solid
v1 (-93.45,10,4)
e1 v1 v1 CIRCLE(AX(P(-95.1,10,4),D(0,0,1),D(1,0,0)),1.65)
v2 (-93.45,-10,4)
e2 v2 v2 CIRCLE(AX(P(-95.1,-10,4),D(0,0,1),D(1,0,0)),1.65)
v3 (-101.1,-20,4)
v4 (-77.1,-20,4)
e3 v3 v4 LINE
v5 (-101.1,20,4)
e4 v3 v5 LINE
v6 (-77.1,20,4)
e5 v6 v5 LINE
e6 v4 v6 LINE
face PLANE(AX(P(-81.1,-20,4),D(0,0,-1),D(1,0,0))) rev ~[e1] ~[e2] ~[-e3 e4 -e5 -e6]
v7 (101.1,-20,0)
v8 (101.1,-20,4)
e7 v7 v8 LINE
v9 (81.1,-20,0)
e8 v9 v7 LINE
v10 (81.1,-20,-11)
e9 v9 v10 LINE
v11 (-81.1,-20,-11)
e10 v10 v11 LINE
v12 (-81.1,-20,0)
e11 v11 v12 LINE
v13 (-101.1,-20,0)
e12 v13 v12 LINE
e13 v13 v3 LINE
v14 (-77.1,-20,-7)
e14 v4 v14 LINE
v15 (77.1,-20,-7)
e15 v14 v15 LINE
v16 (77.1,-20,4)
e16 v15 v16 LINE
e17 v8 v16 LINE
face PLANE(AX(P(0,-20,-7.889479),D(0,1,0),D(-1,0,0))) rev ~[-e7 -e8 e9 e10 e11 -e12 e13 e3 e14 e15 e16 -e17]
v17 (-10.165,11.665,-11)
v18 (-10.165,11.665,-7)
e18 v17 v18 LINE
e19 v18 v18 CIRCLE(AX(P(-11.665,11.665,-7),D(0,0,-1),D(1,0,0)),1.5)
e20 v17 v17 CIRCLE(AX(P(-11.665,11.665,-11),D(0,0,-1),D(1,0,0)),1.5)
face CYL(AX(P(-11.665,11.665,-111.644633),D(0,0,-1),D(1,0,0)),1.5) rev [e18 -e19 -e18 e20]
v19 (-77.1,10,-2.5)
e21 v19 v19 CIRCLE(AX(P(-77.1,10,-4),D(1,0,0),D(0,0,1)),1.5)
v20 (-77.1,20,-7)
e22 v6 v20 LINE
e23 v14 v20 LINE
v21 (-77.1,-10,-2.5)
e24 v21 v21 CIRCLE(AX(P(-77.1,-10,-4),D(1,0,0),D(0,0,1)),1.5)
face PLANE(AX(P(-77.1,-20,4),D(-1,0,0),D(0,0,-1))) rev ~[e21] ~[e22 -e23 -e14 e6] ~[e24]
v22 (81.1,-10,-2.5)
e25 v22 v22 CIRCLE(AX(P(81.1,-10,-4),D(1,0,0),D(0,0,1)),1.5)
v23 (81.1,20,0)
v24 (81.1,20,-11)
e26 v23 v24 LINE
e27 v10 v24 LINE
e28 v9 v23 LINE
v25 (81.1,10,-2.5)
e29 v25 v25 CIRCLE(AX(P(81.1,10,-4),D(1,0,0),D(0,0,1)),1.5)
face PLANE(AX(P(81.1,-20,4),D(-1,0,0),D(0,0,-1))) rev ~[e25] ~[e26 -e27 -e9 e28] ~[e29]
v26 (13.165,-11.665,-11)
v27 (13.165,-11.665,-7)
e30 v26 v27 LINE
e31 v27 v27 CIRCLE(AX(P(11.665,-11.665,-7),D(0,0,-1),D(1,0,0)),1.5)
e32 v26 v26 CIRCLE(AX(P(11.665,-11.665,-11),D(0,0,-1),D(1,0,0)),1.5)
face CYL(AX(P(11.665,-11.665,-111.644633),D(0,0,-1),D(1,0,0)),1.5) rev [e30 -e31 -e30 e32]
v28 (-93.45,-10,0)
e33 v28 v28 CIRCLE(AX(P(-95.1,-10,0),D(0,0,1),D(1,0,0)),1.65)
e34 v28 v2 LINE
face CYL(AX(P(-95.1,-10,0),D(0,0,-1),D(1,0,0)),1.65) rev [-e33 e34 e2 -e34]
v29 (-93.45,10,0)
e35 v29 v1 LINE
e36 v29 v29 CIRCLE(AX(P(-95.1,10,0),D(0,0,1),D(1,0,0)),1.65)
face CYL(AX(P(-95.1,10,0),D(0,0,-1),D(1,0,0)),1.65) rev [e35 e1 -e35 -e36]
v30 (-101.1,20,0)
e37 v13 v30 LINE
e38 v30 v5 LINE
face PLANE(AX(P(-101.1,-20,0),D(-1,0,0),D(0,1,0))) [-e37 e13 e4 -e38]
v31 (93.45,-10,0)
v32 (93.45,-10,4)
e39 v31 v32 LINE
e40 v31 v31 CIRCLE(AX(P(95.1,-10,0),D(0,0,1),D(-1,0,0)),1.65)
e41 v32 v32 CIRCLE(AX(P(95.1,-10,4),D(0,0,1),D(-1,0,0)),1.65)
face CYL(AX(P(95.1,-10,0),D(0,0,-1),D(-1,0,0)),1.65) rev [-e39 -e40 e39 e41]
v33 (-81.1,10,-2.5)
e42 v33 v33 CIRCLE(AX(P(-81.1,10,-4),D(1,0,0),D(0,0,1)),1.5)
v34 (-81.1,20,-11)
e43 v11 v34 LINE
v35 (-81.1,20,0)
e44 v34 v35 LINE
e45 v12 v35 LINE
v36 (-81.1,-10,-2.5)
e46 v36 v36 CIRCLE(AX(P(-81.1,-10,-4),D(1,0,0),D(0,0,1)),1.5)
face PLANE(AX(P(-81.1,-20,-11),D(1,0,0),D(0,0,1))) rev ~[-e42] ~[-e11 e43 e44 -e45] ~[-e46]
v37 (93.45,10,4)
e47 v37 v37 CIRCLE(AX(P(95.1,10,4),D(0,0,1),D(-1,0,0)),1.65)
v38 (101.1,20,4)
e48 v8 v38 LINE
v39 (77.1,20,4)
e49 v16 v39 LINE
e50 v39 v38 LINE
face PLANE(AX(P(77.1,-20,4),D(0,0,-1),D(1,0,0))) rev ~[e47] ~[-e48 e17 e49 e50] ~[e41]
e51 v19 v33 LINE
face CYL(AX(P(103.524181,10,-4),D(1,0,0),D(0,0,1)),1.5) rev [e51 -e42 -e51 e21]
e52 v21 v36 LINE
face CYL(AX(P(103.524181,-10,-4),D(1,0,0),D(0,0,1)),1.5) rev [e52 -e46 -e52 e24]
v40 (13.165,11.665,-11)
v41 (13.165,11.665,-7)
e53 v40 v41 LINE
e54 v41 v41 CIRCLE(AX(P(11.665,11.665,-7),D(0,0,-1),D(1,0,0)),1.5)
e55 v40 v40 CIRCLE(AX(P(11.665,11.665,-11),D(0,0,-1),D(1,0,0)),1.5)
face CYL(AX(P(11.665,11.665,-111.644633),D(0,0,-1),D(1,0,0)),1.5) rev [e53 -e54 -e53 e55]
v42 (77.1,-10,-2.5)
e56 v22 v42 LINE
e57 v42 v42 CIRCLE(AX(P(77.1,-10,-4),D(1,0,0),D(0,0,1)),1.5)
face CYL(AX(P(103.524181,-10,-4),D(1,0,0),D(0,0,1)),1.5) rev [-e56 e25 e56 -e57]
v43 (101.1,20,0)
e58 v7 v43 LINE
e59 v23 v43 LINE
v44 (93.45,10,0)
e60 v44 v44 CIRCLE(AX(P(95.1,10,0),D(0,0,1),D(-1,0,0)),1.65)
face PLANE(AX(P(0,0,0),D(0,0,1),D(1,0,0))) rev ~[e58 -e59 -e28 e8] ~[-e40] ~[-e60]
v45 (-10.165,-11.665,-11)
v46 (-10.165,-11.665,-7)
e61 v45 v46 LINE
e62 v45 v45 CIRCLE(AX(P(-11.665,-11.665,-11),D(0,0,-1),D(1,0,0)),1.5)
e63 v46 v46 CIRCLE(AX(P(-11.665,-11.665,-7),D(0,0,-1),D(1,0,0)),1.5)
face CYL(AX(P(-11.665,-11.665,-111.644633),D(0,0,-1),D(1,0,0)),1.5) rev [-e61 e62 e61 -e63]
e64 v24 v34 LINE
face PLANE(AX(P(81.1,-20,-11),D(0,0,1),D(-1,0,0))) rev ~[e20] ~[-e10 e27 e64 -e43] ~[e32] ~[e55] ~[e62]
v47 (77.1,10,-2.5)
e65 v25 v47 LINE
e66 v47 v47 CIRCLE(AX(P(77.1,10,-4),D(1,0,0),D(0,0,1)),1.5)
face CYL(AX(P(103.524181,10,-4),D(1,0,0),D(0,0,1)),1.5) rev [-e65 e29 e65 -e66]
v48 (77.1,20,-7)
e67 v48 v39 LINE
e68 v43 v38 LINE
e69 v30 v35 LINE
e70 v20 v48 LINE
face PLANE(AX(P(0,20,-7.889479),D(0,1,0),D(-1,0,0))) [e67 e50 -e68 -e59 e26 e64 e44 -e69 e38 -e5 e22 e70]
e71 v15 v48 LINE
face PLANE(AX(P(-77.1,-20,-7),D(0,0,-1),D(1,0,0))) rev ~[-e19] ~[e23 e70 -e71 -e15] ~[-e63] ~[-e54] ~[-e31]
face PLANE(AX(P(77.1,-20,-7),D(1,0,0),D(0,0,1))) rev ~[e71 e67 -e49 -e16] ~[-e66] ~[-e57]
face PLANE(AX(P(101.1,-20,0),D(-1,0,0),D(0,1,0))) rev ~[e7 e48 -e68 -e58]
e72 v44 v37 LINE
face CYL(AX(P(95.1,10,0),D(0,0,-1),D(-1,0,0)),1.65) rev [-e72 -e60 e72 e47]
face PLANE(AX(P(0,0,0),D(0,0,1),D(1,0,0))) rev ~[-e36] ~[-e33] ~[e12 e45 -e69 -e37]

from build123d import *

# Parameters (mm, degrees)
SKETCH1_W               = 202.2
SKETCH1_H               = 40
SKETCH1_R               = 1.65
BOSS_EXTRUDE1_DEPTH     = 4
SKETCH2_W               = 162.2
SKETCH2_H               = 40
CUT_EXTRUDE1_DEPTH      = 4
BOSS_EXTRUDE3_DEPTH     = 40
CUT_EXTRUDE2_DEPTH      = 184.624181414
CUT_EXTRUDE2_DEPTH_BACK = 184.624181414
SKETCH4_R               = 1.5
CUT_EXTRUDE3_DEPTH      = 104.644633243
CUT_EXTRUDE3_DEPTH_BACK = 104.644633243
SKETCH5_R               = 1.5


with BuildPart() as part:
    # Sketch1 → Boss-Extrude1 (new body)
    with BuildSketch(Plane.XY):
        Rectangle(SKETCH1_W, SKETCH1_H)
        with Locations((-95.1, 10)):
            Circle(SKETCH1_R, mode=Mode.SUBTRACT)
        with Locations((-95.1, -10)):
            Circle(SKETCH1_R, mode=Mode.SUBTRACT)
        with Locations(Location((95.1, -10, 0), (0, 0, 180))):
            Circle(SKETCH1_R, mode=Mode.SUBTRACT)
        with Locations(Location((95.1, 10, 0), (0, 0, 180))):
            Circle(SKETCH1_R, mode=Mode.SUBTRACT)
    extrude(amount=BOSS_EXTRUDE1_DEPTH)

    # Sketch2 → Cut-Extrude1 (cut)
    with BuildSketch(Plane.XY.offset(4)):
        Rectangle(SKETCH2_W, SKETCH2_H)
    extrude(amount=-CUT_EXTRUDE1_DEPTH, mode=Mode.SUBTRACT)


with BuildPart() as cut_extrude1_piece_1:
    # of the separate pieces the step leaves, piece 1, a body of its own (cut_extrude1_pieces)
    add(part.part.solids().sort_by_distance((-101.1, 20, 0))[0])



with BuildPart() as cut_extrude1_piece_2:
    # of the separate pieces the step leaves, piece 2, a body of its own (cut_extrude1_pieces)
    add(part.part.solids().sort_by_distance((81.1, 20, 0))[0])


with BuildPart() as cut_extrude1_piece_1_1:
    add(cut_extrude1_piece_1.part)

    add(cut_extrude1_piece_2.part)  # Boss-Extrude3 merges Cut-Extrude1 piece 2
    # Sketch3 → Boss-Extrude3 (add)
    with BuildSketch(Plane.XZ.offset(20)):
        Polygon((-81.1, 4), (-77.1, 4), (-77.1, -7), (77.1, -7), (77.1, 4), (81.1, 4), (81.1, -11), (-81.1, -11), align=None)
    extrude(amount=-BOSS_EXTRUDE3_DEPTH)

    # Sketch4 → Cut-Extrude2 (cut, two sides: drawn at the far end of the back side and taken through both)
    with BuildSketch(Plane.ZY.offset(81.1).offset(-CUT_EXTRUDE2_DEPTH_BACK)):
        with Locations((-4, 10)):
            Circle(SKETCH4_R)
        with Locations((-4, -10)):
            Circle(SKETCH4_R)
    extrude(amount=CUT_EXTRUDE2_DEPTH + CUT_EXTRUDE2_DEPTH_BACK, mode=Mode.SUBTRACT)

    # Sketch5 → Cut-Extrude3 (cut, two sides: drawn at the far end of the back side and taken through both)
    with BuildSketch(Plane.XY.offset(-7).offset(-CUT_EXTRUDE3_DEPTH_BACK)):
        with Locations((-11.665, 11.665)):
            Circle(SKETCH5_R)
        with Locations((11.665, 11.665)):
            Circle(SKETCH5_R)
        with Locations((11.665, -11.665)):
            Circle(SKETCH5_R)
        with Locations((-11.665, -11.665)):
            Circle(SKETCH5_R)
    extrude(amount=CUT_EXTRUDE3_DEPTH + CUT_EXTRUDE3_DEPTH_BACK, mode=Mode.SUBTRACT)


solid = cut_extrude1_piece_1_1.part
